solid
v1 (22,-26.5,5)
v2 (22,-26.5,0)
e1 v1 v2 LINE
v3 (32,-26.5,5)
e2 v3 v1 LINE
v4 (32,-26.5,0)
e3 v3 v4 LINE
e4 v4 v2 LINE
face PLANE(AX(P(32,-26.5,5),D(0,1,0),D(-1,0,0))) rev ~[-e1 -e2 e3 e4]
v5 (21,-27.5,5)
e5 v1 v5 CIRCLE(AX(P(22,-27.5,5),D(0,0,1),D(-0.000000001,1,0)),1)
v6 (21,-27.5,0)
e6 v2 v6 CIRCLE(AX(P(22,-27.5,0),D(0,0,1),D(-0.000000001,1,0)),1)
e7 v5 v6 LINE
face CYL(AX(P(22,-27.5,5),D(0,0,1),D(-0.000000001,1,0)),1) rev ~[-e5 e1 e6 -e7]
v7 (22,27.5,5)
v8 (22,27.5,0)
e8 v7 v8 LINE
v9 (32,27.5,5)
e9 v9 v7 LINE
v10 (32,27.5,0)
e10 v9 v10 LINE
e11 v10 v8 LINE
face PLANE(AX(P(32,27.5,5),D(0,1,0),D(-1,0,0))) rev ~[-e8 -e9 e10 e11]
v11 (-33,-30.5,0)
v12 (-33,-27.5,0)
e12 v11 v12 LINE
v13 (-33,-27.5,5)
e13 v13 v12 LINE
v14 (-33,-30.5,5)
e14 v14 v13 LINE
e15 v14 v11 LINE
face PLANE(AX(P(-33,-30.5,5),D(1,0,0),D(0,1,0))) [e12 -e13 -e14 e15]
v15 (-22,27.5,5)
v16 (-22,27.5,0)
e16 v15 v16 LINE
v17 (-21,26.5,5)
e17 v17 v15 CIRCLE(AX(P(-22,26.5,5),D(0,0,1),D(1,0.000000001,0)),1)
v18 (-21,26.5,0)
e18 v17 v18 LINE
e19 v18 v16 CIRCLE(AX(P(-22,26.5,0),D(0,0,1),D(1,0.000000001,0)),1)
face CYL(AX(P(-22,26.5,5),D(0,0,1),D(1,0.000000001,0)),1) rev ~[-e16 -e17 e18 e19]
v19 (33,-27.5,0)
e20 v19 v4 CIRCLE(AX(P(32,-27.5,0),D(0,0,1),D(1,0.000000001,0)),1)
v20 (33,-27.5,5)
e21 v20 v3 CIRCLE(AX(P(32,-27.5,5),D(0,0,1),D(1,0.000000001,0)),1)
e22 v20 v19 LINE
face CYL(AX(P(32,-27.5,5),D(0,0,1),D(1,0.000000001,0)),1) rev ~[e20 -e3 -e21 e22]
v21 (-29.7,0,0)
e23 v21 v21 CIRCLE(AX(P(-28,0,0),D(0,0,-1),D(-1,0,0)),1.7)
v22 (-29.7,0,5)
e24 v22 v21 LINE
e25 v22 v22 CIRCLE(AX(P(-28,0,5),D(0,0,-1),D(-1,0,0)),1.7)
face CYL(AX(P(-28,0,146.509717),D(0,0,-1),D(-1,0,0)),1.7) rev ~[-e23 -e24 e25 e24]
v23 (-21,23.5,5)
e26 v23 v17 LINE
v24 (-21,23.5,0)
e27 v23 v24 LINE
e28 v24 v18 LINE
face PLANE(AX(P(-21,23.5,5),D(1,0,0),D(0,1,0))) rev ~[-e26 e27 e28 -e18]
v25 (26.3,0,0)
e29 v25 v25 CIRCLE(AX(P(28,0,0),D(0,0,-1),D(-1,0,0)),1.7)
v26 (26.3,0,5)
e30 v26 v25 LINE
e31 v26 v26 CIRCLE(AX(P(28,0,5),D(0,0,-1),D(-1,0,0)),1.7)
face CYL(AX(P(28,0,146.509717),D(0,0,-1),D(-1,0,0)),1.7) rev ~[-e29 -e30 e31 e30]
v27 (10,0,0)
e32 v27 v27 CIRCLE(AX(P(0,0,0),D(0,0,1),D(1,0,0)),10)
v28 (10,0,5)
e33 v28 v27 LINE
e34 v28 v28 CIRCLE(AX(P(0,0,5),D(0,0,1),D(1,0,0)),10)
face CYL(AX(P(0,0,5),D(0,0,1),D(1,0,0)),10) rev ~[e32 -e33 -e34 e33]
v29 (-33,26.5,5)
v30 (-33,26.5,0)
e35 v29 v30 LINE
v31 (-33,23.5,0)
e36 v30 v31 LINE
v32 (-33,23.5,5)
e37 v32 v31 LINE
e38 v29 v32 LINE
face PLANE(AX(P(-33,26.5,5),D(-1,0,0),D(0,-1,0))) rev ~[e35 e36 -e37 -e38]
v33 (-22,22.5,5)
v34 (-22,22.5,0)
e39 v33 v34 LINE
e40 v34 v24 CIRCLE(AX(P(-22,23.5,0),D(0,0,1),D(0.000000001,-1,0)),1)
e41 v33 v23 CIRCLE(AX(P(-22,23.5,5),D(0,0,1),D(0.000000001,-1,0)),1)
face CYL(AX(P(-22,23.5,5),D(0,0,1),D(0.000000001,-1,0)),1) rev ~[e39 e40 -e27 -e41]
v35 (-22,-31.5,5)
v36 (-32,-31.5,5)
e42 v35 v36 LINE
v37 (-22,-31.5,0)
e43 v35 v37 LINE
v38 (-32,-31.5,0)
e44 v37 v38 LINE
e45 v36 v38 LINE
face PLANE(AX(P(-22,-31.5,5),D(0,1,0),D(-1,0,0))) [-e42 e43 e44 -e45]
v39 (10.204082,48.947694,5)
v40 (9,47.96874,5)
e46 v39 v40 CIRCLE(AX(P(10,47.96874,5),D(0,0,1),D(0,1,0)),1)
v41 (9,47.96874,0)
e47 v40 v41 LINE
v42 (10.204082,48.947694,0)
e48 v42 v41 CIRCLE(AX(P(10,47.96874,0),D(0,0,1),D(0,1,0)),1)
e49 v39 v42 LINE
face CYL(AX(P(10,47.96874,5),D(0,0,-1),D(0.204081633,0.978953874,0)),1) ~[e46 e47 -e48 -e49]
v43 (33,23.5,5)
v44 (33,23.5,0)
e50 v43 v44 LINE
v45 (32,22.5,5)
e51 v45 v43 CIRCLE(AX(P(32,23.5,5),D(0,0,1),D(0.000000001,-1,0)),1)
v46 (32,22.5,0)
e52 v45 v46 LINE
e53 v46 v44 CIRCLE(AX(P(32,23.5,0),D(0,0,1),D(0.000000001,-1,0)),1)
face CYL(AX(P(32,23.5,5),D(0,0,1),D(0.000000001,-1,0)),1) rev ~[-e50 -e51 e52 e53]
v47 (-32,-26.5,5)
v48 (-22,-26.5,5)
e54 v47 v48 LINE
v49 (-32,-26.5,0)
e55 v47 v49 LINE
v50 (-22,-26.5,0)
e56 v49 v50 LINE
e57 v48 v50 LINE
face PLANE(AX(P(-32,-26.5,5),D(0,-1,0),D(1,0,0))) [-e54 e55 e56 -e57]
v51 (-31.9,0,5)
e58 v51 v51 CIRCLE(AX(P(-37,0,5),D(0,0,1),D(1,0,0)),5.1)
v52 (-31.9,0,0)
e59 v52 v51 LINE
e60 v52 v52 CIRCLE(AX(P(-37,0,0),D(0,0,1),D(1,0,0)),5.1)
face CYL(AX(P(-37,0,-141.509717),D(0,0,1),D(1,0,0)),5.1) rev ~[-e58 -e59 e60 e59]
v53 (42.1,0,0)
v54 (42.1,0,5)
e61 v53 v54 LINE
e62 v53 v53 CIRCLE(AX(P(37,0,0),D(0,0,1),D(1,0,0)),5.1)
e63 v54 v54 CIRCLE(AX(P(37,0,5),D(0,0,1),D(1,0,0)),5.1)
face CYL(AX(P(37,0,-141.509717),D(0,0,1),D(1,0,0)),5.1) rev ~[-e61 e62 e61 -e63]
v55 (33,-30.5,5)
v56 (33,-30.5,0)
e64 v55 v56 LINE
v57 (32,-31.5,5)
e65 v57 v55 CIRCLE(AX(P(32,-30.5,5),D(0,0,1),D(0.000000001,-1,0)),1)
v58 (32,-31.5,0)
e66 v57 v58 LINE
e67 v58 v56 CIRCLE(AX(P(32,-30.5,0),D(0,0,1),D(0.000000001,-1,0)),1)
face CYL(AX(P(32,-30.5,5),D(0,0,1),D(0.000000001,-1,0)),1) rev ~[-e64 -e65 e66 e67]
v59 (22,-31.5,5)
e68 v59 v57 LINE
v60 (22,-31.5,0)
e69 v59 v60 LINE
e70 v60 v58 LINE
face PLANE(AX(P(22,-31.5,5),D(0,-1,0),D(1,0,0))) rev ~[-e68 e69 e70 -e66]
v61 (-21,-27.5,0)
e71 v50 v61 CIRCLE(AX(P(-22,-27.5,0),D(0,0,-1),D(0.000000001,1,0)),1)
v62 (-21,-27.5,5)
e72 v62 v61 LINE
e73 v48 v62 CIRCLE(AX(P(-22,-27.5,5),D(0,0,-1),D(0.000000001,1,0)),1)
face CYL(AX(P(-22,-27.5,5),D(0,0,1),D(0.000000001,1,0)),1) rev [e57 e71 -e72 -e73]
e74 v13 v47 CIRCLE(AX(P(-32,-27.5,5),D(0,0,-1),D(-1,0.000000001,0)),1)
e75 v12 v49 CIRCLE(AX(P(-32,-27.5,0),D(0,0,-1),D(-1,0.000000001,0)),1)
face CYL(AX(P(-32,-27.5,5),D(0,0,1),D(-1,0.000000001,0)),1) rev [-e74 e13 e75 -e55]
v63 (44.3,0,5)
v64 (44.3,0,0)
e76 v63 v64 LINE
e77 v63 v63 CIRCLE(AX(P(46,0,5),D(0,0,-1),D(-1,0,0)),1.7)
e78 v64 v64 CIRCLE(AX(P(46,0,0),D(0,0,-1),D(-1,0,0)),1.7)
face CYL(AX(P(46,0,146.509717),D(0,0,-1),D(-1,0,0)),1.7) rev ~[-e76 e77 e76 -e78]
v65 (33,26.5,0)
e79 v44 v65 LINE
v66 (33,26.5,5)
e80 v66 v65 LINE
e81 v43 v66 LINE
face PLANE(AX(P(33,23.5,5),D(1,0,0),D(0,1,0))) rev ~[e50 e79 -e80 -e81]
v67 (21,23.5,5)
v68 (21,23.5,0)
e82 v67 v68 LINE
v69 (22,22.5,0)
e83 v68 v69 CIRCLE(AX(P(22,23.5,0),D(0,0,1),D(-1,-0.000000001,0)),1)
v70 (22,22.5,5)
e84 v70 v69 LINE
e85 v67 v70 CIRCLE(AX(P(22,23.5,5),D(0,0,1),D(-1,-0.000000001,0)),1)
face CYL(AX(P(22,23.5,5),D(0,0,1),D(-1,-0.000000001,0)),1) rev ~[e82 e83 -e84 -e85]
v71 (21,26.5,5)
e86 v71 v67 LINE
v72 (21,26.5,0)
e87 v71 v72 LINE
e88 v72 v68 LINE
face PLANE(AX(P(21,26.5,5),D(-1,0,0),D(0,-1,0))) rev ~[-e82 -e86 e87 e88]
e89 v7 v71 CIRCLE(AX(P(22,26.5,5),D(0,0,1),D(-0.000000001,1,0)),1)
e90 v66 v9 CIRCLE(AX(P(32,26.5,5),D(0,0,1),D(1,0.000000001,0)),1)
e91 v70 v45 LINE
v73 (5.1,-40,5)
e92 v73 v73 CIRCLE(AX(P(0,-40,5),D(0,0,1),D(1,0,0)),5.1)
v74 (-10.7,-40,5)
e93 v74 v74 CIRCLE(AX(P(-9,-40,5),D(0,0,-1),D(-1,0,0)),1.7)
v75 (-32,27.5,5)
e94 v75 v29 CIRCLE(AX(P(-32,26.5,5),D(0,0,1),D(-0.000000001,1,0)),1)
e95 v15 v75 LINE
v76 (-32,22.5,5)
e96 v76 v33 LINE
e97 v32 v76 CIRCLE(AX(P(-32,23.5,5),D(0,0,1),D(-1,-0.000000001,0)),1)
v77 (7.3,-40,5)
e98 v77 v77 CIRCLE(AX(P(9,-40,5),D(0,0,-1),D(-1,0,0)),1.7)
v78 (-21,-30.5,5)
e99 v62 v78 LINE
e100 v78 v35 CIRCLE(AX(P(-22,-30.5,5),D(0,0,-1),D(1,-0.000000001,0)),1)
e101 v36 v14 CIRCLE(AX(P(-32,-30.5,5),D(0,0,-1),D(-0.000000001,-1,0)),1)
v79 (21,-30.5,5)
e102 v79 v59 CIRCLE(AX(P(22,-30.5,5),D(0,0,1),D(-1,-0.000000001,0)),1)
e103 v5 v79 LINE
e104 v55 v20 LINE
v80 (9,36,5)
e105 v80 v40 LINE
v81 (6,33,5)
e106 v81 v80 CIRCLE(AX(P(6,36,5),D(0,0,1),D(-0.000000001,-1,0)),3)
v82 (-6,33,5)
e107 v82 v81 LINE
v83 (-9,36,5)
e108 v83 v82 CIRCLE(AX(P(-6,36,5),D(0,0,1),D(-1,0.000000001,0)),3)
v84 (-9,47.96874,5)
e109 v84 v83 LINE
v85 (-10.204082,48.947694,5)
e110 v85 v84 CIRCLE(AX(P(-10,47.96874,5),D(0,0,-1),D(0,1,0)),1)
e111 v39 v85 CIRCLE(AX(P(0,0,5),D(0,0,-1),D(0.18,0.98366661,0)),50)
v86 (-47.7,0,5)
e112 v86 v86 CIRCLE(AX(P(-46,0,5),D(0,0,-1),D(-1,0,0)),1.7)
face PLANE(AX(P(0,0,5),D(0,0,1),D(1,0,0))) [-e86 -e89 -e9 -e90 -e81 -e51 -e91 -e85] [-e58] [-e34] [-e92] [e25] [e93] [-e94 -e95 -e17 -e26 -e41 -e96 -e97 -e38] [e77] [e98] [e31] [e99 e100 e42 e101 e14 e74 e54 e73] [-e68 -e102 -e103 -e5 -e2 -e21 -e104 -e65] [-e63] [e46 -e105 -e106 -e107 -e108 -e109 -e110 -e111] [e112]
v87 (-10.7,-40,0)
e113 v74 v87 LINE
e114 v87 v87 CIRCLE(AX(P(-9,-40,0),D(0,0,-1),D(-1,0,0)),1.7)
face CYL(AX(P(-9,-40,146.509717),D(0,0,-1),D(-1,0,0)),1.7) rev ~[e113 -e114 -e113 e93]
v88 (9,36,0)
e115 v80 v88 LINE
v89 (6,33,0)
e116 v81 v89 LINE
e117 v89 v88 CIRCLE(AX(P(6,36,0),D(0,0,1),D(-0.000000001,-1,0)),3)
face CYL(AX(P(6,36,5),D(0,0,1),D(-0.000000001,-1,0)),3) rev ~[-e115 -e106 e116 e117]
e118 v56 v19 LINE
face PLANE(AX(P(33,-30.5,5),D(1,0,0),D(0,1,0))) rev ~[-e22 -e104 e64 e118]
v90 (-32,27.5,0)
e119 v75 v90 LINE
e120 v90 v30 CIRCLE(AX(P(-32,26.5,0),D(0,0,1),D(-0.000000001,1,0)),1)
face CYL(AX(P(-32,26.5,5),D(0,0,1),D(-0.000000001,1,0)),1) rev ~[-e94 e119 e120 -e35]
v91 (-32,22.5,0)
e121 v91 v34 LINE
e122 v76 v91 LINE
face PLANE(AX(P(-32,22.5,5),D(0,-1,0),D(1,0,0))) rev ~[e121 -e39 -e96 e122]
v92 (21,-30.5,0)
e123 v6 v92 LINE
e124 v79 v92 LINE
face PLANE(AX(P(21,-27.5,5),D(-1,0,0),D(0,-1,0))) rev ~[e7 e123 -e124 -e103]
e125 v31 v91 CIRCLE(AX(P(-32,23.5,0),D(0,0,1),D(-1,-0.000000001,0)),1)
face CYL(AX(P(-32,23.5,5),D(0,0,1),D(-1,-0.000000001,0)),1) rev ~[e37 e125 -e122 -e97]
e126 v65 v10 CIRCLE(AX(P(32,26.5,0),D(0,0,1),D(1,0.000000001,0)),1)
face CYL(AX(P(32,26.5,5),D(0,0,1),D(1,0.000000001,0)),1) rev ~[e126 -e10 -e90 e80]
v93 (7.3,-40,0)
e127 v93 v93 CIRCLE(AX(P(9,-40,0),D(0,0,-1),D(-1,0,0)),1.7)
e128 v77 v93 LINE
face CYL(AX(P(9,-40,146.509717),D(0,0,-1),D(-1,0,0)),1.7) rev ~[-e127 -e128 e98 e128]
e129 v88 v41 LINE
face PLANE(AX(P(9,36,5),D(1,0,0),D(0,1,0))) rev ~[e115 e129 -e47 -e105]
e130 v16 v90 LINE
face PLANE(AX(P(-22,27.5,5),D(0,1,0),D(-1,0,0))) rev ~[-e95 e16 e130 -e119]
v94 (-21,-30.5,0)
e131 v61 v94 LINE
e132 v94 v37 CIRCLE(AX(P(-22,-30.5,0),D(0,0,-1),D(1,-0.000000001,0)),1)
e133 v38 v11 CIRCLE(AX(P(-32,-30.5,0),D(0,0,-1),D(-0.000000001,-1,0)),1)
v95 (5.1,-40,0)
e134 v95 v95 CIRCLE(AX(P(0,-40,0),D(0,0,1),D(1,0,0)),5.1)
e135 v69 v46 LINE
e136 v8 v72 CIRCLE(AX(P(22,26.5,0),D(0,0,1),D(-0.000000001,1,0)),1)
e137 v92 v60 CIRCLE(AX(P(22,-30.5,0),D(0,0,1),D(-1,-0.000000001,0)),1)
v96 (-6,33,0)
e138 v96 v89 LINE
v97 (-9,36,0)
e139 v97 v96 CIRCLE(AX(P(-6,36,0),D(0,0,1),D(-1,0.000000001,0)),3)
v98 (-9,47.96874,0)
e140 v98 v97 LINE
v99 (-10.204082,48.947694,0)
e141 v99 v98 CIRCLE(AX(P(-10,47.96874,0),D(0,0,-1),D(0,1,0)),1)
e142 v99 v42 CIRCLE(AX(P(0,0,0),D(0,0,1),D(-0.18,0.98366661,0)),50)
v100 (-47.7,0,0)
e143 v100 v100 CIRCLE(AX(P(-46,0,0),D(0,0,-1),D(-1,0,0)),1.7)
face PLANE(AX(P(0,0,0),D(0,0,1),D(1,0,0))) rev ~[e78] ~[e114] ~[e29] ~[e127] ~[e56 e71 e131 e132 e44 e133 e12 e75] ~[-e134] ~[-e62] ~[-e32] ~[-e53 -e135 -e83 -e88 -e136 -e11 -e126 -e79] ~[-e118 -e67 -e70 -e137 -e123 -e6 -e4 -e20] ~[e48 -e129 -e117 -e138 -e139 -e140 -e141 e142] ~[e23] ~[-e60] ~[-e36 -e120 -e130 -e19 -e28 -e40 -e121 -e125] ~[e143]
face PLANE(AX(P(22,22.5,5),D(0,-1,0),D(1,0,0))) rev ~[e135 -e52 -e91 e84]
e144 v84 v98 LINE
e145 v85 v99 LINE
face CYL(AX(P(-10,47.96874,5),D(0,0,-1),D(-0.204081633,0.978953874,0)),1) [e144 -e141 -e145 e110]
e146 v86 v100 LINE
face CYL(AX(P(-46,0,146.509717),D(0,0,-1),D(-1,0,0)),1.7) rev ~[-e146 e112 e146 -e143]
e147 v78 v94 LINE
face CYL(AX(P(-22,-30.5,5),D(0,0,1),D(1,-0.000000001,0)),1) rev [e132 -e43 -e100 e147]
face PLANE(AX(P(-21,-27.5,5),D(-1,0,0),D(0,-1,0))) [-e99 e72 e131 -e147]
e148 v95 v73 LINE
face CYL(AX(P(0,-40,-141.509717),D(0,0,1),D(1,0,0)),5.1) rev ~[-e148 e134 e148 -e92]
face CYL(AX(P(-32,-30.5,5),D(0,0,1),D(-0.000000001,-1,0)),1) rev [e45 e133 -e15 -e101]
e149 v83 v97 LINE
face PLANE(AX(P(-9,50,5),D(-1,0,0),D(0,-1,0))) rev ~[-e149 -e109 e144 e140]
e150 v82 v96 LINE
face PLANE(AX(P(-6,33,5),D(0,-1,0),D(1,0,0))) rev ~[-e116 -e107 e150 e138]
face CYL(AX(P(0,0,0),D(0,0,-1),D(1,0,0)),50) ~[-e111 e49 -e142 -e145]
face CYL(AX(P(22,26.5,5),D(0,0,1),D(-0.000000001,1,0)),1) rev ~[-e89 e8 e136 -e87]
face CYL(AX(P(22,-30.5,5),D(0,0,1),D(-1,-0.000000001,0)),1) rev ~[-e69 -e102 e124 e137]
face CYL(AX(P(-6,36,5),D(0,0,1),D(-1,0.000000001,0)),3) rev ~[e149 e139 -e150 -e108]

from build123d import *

# Parameters (mm, degrees)
SKETCH1_R                    = 50
BOSS_EXTRUDE1_DEPTH          = 5
F_10_2_10_2_DIAMETER_HOLE1_D = 10.2
M3_CLEARANCE_HOLE1_D         = 3.4
CUT_EXTRUDE2_DEPTH           = 5
CUT_EXTRUDE3_DEPTH           = 10
FILLET1_R                    = 1
SKETCH13_R                   = 10
CUT_EXTRUDE4_DEPTH           = 10


with BuildPart() as part:
    # Sketch1 → Boss-Extrude1 (new body)
    with BuildSketch(Plane.XY):
        Circle(SKETCH1_R)
    extrude(amount=BOSS_EXTRUDE1_DEPTH)

    # Ø10.2 (10.2) Diameter Hole1 (through all)
    with Locations(Plane(origin=(0, 0, 0), x_dir=(-1, 0, 0), z_dir=(0, 0, -1))):
        with Locations((37, 0), (-37, 0), (0, -40)):
            Hole(F_10_2_10_2_DIAMETER_HOLE1_D / 2)

    # M3 Clearance Hole1 (through all)
    with Locations(Plane.XY.offset(5)):
        with Locations((46, 0), (28, 0), (9, -40), (-9, -40), (-46, 0), (-28, 0)):
            Hole(M3_CLEARANCE_HOLE1_D / 2)

    # Sketch11 → Cut-Extrude2 (cut)
    with BuildSketch(Plane.XY.offset(5)):
        with BuildLine():
            Line((22, 22.5), (32, 22.5))
            ThreePointArc((32, 22.5), (32.707106781, 22.792893219), (33, 23.5))
            Line((33, 23.5), (33, 26.5))
            ThreePointArc((33, 26.5), (32.707106781, 27.207106781), (32, 27.5))
            Line((32, 27.5), (22, 27.5))
            ThreePointArc((22, 27.5), (21.292893219, 27.207106781), (21, 26.5))
            Line((21, 26.5), (21, 23.5))
            ThreePointArc((21, 23.5), (21.292893219, 22.792893219), (22, 22.5))
        make_face()
        with BuildLine():
            Line((-22, 27.5), (-32, 27.5))
            ThreePointArc((-32, 27.5), (-32.707106781, 27.207106781), (-33, 26.5))
            Line((-33, 26.5), (-33, 23.5))
            ThreePointArc((-33, 23.5), (-32.707106781, 22.792893219), (-32, 22.5))
            Line((-32, 22.5), (-22, 22.5))
            ThreePointArc((-22, 22.5), (-21.292893219, 22.792893219), (-21, 23.5))
            Line((-21, 23.5), (-21, 26.5))
            ThreePointArc((-21, 26.5), (-21.292893219, 27.207106781), (-22, 27.5))
        make_face()
        with BuildLine():
            Line((-21, -27.5), (-21, -30.5))
            ThreePointArc((-21, -30.5), (-21.292893219, -31.207106781), (-22, -31.5))
            Line((-22, -31.5), (-32, -31.5))
            ThreePointArc((-32, -31.5), (-32.707106781, -31.207106781), (-33, -30.5))
            Line((-33, -30.5), (-33, -27.5))
            ThreePointArc((-33, -27.5), (-32.707106781, -26.792893219), (-32, -26.5))
            Line((-32, -26.5), (-22, -26.5))
            ThreePointArc((-22, -26.5), (-21.292893219, -26.792893219), (-21, -27.5))
        make_face()
        with BuildLine():
            Line((22, -31.5), (32, -31.5))
            ThreePointArc((32, -31.5), (32.707106781, -31.207106781), (33, -30.5))
            Line((33, -30.5), (33, -27.5))
            ThreePointArc((33, -27.5), (32.707106781, -26.792893219), (32, -26.5))
            Line((32, -26.5), (22, -26.5))
            ThreePointArc((22, -26.5), (21.292893219, -26.792893219), (21, -27.5))
            Line((21, -27.5), (21, -30.5))
            ThreePointArc((21, -30.5), (21.292893219, -31.207106781), (22, -31.5))
        make_face()
    extrude(amount=-CUT_EXTRUDE2_DEPTH, mode=Mode.SUBTRACT)

    # Sketch12 → Cut-Extrude3 (cut)
    with BuildSketch(Plane.XY.offset(5)):
        with BuildLine():
            Line((-6, 33), (6, 33))
            ThreePointArc((6, 33), (8.121320344, 33.878679656), (9, 36))
            Line((9, 36), (9, 50))
            Line((9, 50), (-9, 50))
            Line((-9, 50), (-9, 36))
            ThreePointArc((-9, 36), (-8.121320344, 33.878679656), (-6, 33))
        make_face()
    extrude(amount=-CUT_EXTRUDE3_DEPTH, mode=Mode.SUBTRACT)

    # Fillet1
    fillet1_edges = [part.edges().sort_by_distance(p)[0] for p in [
        (-9, 49.183330509, 2.5),
        (9, 49.183330509, 2.5),
    ]]
    fillet(fillet1_edges, radius=FILLET1_R)

    # Sketch13 → Cut-Extrude4 (cut)
    with BuildSketch(Plane.XY.offset(5)):
        Circle(SKETCH13_R)
    extrude(amount=-CUT_EXTRUDE4_DEPTH, mode=Mode.SUBTRACT)


solid = part.part
